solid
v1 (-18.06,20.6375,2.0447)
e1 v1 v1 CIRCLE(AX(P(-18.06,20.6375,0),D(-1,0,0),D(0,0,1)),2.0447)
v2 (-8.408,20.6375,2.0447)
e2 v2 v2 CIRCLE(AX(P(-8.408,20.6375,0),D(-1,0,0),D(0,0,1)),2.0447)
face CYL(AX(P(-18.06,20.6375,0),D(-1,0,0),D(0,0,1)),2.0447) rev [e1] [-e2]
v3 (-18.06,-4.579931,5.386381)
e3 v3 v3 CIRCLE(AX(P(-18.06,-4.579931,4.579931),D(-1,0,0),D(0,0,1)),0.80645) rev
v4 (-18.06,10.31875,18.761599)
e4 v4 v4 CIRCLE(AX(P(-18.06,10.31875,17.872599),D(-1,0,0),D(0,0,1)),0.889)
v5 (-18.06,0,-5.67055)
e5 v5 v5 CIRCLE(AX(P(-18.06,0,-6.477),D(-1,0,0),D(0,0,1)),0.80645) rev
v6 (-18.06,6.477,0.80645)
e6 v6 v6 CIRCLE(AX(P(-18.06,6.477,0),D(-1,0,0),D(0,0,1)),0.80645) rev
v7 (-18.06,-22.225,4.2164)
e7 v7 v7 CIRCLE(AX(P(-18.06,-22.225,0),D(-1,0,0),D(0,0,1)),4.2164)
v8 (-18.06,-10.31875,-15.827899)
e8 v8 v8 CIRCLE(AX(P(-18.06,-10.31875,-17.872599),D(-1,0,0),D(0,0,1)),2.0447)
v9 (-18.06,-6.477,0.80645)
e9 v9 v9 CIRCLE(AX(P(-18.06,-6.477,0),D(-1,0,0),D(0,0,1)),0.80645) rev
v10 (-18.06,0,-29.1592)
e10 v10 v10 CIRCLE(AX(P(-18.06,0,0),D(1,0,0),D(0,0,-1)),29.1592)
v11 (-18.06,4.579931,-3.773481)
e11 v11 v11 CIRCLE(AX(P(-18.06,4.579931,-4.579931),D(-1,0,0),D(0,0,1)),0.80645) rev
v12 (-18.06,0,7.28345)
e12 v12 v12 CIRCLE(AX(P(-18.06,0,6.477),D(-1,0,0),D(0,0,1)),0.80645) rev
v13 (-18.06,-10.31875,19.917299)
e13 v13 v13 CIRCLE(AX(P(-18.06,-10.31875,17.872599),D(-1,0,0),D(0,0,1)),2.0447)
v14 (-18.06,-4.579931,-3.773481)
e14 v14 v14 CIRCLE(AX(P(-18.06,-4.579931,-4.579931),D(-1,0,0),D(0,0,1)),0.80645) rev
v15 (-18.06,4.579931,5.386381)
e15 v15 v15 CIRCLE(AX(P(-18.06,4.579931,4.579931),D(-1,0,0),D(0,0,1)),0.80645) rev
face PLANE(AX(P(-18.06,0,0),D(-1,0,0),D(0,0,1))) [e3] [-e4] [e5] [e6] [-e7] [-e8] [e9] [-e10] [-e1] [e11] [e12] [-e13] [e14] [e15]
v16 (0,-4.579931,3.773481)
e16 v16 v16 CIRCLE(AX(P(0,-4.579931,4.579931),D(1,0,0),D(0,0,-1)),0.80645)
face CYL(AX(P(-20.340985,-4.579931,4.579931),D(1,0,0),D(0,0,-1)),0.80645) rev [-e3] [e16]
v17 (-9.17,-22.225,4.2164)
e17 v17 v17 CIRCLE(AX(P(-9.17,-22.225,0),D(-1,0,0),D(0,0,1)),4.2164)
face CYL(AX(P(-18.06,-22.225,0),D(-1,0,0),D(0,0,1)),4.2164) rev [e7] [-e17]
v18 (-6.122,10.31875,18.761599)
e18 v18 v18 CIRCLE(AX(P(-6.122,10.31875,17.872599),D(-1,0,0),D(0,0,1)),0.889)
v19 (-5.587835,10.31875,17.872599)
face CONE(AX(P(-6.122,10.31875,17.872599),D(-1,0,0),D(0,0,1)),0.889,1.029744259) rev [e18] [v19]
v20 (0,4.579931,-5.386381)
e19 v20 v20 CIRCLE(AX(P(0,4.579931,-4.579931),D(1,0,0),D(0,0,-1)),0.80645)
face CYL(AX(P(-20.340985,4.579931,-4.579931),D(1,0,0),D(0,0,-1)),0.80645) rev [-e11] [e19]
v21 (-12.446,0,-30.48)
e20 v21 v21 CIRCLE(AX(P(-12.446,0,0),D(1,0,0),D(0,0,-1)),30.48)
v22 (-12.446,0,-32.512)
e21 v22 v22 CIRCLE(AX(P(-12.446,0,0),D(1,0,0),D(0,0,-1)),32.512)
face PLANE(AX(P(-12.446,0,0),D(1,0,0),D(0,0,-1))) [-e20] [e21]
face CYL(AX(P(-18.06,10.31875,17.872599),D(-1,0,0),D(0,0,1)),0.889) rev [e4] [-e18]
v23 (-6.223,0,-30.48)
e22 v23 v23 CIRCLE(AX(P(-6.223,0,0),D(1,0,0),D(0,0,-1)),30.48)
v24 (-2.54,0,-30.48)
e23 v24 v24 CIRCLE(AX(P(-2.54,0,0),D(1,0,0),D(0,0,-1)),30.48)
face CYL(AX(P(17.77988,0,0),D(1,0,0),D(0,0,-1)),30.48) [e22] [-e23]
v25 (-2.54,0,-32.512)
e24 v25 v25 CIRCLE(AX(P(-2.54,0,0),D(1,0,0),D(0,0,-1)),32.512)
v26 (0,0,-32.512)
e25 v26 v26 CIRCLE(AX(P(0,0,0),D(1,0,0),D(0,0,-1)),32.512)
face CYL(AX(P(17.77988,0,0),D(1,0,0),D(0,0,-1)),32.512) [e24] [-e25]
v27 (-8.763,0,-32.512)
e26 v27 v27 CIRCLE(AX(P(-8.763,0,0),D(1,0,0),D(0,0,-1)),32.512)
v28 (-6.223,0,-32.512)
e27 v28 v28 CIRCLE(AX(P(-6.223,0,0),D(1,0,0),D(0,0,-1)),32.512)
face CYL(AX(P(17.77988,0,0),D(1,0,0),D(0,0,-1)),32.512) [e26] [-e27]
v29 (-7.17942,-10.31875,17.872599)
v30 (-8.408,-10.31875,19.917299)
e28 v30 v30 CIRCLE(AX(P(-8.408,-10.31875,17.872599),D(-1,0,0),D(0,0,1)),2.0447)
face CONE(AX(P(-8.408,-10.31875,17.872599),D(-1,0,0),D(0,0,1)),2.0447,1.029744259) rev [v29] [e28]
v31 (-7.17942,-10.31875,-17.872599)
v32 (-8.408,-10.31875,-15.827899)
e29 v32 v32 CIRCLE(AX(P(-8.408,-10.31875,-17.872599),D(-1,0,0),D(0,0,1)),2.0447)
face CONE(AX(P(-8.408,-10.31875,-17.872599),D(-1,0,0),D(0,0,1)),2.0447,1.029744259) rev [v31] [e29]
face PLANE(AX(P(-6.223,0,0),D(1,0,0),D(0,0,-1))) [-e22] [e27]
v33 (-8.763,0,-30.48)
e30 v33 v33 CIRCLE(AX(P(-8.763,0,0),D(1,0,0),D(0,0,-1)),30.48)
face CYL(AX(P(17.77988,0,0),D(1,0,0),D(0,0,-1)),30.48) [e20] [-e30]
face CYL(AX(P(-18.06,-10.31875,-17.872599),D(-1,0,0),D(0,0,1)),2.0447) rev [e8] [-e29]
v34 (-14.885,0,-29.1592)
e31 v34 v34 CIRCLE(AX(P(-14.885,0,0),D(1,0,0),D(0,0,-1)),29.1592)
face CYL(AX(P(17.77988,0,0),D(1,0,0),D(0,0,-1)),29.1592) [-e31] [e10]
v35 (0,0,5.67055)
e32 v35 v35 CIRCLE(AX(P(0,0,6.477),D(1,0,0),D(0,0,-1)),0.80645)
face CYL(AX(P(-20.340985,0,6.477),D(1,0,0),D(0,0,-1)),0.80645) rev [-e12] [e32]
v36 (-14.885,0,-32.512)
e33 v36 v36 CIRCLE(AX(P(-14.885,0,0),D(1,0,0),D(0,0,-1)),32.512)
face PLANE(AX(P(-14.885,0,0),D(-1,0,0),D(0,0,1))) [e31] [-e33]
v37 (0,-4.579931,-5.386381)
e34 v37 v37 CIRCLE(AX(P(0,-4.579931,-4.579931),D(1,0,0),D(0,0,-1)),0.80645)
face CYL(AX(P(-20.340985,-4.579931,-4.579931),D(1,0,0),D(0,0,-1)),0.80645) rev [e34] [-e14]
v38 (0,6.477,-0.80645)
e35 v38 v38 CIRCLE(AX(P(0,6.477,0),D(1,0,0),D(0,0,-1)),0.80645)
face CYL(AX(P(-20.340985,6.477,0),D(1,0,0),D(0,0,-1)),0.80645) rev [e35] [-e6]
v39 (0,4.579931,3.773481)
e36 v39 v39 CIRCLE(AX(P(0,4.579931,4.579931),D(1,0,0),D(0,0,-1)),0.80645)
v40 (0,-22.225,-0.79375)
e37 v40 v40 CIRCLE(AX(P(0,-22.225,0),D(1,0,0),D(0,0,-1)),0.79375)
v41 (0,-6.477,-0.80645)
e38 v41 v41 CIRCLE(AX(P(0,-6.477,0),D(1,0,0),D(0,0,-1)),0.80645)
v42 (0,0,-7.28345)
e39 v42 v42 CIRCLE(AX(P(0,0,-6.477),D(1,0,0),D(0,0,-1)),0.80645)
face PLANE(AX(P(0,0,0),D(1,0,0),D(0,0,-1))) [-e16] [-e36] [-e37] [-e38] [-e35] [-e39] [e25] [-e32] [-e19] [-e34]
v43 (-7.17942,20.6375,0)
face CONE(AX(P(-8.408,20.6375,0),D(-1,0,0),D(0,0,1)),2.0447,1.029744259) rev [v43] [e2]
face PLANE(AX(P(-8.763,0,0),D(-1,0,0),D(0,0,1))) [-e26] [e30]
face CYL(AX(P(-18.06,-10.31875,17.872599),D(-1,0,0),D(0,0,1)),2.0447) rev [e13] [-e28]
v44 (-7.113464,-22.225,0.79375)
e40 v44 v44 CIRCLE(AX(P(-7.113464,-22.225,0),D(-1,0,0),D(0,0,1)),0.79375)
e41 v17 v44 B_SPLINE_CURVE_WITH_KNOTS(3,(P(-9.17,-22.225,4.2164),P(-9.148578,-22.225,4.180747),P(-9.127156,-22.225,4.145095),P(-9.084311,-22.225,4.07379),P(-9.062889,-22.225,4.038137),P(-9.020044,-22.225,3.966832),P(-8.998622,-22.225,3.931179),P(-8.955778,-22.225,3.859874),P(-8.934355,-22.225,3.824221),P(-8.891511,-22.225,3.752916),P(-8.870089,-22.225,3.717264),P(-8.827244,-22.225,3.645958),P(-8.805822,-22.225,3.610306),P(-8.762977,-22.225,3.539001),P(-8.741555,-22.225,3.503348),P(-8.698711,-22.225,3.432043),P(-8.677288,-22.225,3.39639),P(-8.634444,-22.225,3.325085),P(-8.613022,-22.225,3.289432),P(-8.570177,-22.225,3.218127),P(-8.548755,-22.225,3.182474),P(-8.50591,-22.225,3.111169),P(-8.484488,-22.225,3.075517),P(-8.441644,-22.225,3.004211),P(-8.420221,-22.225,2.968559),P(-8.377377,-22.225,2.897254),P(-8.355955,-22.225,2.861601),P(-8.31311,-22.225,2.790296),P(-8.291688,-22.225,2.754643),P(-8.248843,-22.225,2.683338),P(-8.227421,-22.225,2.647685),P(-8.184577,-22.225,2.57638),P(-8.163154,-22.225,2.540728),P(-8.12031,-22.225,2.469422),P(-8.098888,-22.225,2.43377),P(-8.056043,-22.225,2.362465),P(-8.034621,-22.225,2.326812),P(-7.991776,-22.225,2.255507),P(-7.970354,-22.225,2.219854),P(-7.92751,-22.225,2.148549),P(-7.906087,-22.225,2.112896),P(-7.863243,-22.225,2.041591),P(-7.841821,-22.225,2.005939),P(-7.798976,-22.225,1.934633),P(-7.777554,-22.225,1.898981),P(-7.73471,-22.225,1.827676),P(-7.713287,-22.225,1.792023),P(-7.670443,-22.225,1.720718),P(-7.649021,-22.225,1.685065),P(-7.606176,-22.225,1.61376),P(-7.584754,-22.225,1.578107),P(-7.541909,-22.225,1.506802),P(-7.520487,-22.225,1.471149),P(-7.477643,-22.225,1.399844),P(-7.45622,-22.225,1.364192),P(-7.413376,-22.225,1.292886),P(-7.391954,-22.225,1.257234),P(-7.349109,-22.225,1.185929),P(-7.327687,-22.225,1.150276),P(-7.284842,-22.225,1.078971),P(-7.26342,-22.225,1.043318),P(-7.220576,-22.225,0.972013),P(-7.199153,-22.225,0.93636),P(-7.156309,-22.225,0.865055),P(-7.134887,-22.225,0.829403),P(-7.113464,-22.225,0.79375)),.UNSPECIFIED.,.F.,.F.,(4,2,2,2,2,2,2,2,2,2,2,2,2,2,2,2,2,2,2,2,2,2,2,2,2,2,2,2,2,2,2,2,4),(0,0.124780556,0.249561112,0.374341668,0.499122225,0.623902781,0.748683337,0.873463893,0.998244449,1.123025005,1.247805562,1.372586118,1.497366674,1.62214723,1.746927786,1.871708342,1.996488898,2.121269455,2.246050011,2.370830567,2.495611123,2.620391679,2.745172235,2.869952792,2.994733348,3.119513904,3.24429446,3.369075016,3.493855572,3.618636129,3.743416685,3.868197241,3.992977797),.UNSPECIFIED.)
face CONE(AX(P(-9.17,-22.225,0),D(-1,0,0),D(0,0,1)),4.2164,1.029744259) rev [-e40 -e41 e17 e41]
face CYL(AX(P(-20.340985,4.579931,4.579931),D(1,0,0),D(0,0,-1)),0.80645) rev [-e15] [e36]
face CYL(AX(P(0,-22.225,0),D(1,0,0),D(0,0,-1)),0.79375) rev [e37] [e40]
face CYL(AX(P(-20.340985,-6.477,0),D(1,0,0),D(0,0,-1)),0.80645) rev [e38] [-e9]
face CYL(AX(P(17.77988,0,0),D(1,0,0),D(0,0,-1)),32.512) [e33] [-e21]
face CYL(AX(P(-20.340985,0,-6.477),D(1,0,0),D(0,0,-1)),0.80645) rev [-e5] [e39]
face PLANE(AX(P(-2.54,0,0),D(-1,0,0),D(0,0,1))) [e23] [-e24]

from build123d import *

# Parameters (mm, degrees)
CIRPATTERN2_COUNT              = 3
F_50_0_07_DIAMETER_HOLE1_D     = 1.778
F_50_0_07_DIAMETER_HOLE1_DEPTH = 11.938
F_50_0_07_DIAMETER_HOLE1_TIP   = 0.53416509
SKETCH60_R                     = 4.7625
BOSS_EXTRUDE4_DEPTH            = 5.461
CUT_EXTRUDE1_REACH             = 51.399
SKETCH54_R                     = 0.80645
F_1_16_0_0625_DIAMETER_HOLE1_D = 1.5875
Q_0_332_DIAMETER_HOLE2_D       = 8.4328
Q_0_332_DIAMETER_HOLE2_DEPTH   = 8.89
Q_0_332_DIAMETER_HOLE2_TIP     = 2.533468714


with BuildPart() as part:
    # Sketch1 → Revolve1 (revolve)
    with BuildSketch(Plane.XY, mode=Mode.PRIVATE) as revolve1_sk:
        Polygon((-12.599, 0), (0, 0), (0, 32.512), (-2.54, 32.512), (-2.54, 30.48), (-6.223, 30.48), (-6.223, 32.512), (-8.763, 32.512), (-8.763, 30.48), (-12.446, 30.48), (-12.446, 32.512), (-14.885, 32.512), (-14.885, 29.1592), (-18.06, 29.1592), (-18.06, 4.7625), (-12.599, 4.7625), align=None)
    revolve(revolve1_sk.sketch.rotate(Axis((17.779879847, 0, 0), (-1, 0, 0)), 90), axis=Axis((17.779879847, 0, 0), (-1, 0, 0)))

    # Sketch24 → #20 (0.161) Diameter Hole1 (revolve, cut)
    with BuildSketch(Plane(origin=(-18.06, 20.6375, 0), x_dir=(0, 0, 1), z_dir=(0, 1, 0))):
        Polygon((0, 0), (0, 10.880579708), (2.0447, 9.652), (2.0447, 0), align=None)
    f_20_0_161_diameter_hole1 = revolve(axis=Axis((-24.41, 20.6375, 0), (1, 0, 0)), mode=Mode.SUBTRACT)

    # CirPattern2: #20 (0.161) Diameter Hole1 ×3 about axis
    cirpattern2_axis = Axis((0, 0, 0), (1, 0, 0))
    for i in range(1, CIRPATTERN2_COUNT):
        add(f_20_0_161_diameter_hole1.rotate(cirpattern2_axis, i * 360 / CIRPATTERN2_COUNT), mode=Mode.SUBTRACT)

    # #50 (0.07) Diameter Hole1
    with Locations(Plane.ZY.offset(18.06)):
        with Locations((17.872599271, 10.31875)):
            Hole(F_50_0_07_DIAMETER_HOLE1_D / 2, depth=F_50_0_07_DIAMETER_HOLE1_DEPTH)
            with Locations((0, 0, -(F_50_0_07_DIAMETER_HOLE1_DEPTH + F_50_0_07_DIAMETER_HOLE1_TIP / 2))):  # 118° drill point
                Cone(0, F_50_0_07_DIAMETER_HOLE1_D / 2, F_50_0_07_DIAMETER_HOLE1_TIP, mode=Mode.SUBTRACT)

    # Sketch60 → Boss-Extrude4 (add)
    with BuildSketch(Plane.ZY.offset(12.599)):
        Circle(SKETCH60_R)
    extrude(amount=BOSS_EXTRUDE4_DEPTH)

    # Sketch54 → Cut-Extrude1 (cut, up to next)
    with BuildSketch(Plane(origin=(0, 0, 0), x_dir=(0, 0, -1), z_dir=(1, 0, 0)), mode=Mode.PRIVATE) as cut_extrude1_sk1:
        with Locations((0, 6.477)):
            Circle(SKETCH54_R)
    cut_extrude1_tool1 = extrude(cut_extrude1_sk1.sketch, amount=-CUT_EXTRUDE1_REACH, mode=Mode.PRIVATE) & part.part
    # Sketch54 → Cut-Extrude1 (cut, up to next)
    with BuildSketch(Plane(origin=(0, 0, 0), x_dir=(0, 0, -1), z_dir=(1, 0, 0)), mode=Mode.PRIVATE) as cut_extrude1_sk2:
        with Locations((4.579930622, 4.579930622)):
            Circle(SKETCH54_R)
    cut_extrude1_tool2 = extrude(cut_extrude1_sk2.sketch, amount=-CUT_EXTRUDE1_REACH, mode=Mode.PRIVATE) & part.part
    # Sketch54 → Cut-Extrude1 (cut, up to next)
    with BuildSketch(Plane(origin=(0, 0, 0), x_dir=(0, 0, -1), z_dir=(1, 0, 0)), mode=Mode.PRIVATE) as cut_extrude1_sk3:
        with Locations((6.477, 0)):
            Circle(SKETCH54_R)
    cut_extrude1_tool3 = extrude(cut_extrude1_sk3.sketch, amount=-CUT_EXTRUDE1_REACH, mode=Mode.PRIVATE) & part.part
    # Sketch54 → Cut-Extrude1 (cut, up to next)
    with BuildSketch(Plane(origin=(0, 0, 0), x_dir=(0, 0, -1), z_dir=(1, 0, 0)), mode=Mode.PRIVATE) as cut_extrude1_sk4:
        with Locations((4.579930622, -4.579930622)):
            Circle(SKETCH54_R)
    cut_extrude1_tool4 = extrude(cut_extrude1_sk4.sketch, amount=-CUT_EXTRUDE1_REACH, mode=Mode.PRIVATE) & part.part
    # Sketch54 → Cut-Extrude1 (cut, up to next)
    with BuildSketch(Plane(origin=(0, 0, 0), x_dir=(0, 0, -1), z_dir=(1, 0, 0)), mode=Mode.PRIVATE) as cut_extrude1_sk5:
        with Locations((0, -6.477)):
            Circle(SKETCH54_R)
    cut_extrude1_tool5 = extrude(cut_extrude1_sk5.sketch, amount=-CUT_EXTRUDE1_REACH, mode=Mode.PRIVATE) & part.part
    # Sketch54 → Cut-Extrude1 (cut, up to next)
    with BuildSketch(Plane(origin=(0, 0, 0), x_dir=(0, 0, -1), z_dir=(1, 0, 0)), mode=Mode.PRIVATE) as cut_extrude1_sk6:
        with Locations((-4.579930622, -4.579930622)):
            Circle(SKETCH54_R)
    cut_extrude1_tool6 = extrude(cut_extrude1_sk6.sketch, amount=-CUT_EXTRUDE1_REACH, mode=Mode.PRIVATE) & part.part
    # Sketch54 → Cut-Extrude1 (cut, up to next)
    with BuildSketch(Plane(origin=(0, 0, 0), x_dir=(0, 0, -1), z_dir=(1, 0, 0)), mode=Mode.PRIVATE) as cut_extrude1_sk7:
        with Locations((-6.477, 0)):
            Circle(SKETCH54_R)
    cut_extrude1_tool7 = extrude(cut_extrude1_sk7.sketch, amount=-CUT_EXTRUDE1_REACH, mode=Mode.PRIVATE) & part.part
    # Sketch54 → Cut-Extrude1 (cut, up to next)
    with BuildSketch(Plane(origin=(0, 0, 0), x_dir=(0, 0, -1), z_dir=(1, 0, 0)), mode=Mode.PRIVATE) as cut_extrude1_sk8:
        with Locations((-4.579930622, 4.579930622)):
            Circle(SKETCH54_R)
    cut_extrude1_tool8 = extrude(cut_extrude1_sk8.sketch, amount=-CUT_EXTRUDE1_REACH, mode=Mode.PRIVATE) & part.part
    add(cut_extrude1_tool1.solids().sort_by_distance((0, 6.477, 0))[0], mode=Mode.SUBTRACT)
    add(cut_extrude1_tool2.solids().sort_by_distance((0, 4.579931, -4.579931))[0], mode=Mode.SUBTRACT)
    add(cut_extrude1_tool3.solids().sort_by_distance((0, 0, -6.477))[0], mode=Mode.SUBTRACT)
    add(cut_extrude1_tool4.solids().sort_by_distance((0, -4.579931, -4.579931))[0], mode=Mode.SUBTRACT)
    add(cut_extrude1_tool5.solids().sort_by_distance((0, -6.477, 0))[0], mode=Mode.SUBTRACT)
    add(cut_extrude1_tool6.solids().sort_by_distance((0, -4.579931, 4.579931))[0], mode=Mode.SUBTRACT)
    add(cut_extrude1_tool7.solids().sort_by_distance((0, 0, 6.477))[0], mode=Mode.SUBTRACT)
    add(cut_extrude1_tool8.solids().sort_by_distance((0, 4.579931, 4.579931))[0], mode=Mode.SUBTRACT)

    # 1/16 (0.0625) Diameter Hole1 (through all)
    with Locations(Plane(origin=(0, -22.225, 0), x_dir=(0, 0, 1), z_dir=(1, 0, 0))):
        with Locations((0, 0)):
            Hole(F_1_16_0_0625_DIAMETER_HOLE1_D / 2)

    # Q (0.332) Diameter Hole2
    with Locations(Plane(origin=(-18.06, -22.225, 0), x_dir=(0, 0, -1), z_dir=(-1, 0, 0))):
        with Locations((0, 0)):
            Hole(Q_0_332_DIAMETER_HOLE2_D / 2, depth=Q_0_332_DIAMETER_HOLE2_DEPTH)
            with Locations((0, 0, -(Q_0_332_DIAMETER_HOLE2_DEPTH + Q_0_332_DIAMETER_HOLE2_TIP / 2))):  # 118° drill point
                Cone(0, Q_0_332_DIAMETER_HOLE2_D / 2, Q_0_332_DIAMETER_HOLE2_TIP, mode=Mode.SUBTRACT)


solid = part.part
